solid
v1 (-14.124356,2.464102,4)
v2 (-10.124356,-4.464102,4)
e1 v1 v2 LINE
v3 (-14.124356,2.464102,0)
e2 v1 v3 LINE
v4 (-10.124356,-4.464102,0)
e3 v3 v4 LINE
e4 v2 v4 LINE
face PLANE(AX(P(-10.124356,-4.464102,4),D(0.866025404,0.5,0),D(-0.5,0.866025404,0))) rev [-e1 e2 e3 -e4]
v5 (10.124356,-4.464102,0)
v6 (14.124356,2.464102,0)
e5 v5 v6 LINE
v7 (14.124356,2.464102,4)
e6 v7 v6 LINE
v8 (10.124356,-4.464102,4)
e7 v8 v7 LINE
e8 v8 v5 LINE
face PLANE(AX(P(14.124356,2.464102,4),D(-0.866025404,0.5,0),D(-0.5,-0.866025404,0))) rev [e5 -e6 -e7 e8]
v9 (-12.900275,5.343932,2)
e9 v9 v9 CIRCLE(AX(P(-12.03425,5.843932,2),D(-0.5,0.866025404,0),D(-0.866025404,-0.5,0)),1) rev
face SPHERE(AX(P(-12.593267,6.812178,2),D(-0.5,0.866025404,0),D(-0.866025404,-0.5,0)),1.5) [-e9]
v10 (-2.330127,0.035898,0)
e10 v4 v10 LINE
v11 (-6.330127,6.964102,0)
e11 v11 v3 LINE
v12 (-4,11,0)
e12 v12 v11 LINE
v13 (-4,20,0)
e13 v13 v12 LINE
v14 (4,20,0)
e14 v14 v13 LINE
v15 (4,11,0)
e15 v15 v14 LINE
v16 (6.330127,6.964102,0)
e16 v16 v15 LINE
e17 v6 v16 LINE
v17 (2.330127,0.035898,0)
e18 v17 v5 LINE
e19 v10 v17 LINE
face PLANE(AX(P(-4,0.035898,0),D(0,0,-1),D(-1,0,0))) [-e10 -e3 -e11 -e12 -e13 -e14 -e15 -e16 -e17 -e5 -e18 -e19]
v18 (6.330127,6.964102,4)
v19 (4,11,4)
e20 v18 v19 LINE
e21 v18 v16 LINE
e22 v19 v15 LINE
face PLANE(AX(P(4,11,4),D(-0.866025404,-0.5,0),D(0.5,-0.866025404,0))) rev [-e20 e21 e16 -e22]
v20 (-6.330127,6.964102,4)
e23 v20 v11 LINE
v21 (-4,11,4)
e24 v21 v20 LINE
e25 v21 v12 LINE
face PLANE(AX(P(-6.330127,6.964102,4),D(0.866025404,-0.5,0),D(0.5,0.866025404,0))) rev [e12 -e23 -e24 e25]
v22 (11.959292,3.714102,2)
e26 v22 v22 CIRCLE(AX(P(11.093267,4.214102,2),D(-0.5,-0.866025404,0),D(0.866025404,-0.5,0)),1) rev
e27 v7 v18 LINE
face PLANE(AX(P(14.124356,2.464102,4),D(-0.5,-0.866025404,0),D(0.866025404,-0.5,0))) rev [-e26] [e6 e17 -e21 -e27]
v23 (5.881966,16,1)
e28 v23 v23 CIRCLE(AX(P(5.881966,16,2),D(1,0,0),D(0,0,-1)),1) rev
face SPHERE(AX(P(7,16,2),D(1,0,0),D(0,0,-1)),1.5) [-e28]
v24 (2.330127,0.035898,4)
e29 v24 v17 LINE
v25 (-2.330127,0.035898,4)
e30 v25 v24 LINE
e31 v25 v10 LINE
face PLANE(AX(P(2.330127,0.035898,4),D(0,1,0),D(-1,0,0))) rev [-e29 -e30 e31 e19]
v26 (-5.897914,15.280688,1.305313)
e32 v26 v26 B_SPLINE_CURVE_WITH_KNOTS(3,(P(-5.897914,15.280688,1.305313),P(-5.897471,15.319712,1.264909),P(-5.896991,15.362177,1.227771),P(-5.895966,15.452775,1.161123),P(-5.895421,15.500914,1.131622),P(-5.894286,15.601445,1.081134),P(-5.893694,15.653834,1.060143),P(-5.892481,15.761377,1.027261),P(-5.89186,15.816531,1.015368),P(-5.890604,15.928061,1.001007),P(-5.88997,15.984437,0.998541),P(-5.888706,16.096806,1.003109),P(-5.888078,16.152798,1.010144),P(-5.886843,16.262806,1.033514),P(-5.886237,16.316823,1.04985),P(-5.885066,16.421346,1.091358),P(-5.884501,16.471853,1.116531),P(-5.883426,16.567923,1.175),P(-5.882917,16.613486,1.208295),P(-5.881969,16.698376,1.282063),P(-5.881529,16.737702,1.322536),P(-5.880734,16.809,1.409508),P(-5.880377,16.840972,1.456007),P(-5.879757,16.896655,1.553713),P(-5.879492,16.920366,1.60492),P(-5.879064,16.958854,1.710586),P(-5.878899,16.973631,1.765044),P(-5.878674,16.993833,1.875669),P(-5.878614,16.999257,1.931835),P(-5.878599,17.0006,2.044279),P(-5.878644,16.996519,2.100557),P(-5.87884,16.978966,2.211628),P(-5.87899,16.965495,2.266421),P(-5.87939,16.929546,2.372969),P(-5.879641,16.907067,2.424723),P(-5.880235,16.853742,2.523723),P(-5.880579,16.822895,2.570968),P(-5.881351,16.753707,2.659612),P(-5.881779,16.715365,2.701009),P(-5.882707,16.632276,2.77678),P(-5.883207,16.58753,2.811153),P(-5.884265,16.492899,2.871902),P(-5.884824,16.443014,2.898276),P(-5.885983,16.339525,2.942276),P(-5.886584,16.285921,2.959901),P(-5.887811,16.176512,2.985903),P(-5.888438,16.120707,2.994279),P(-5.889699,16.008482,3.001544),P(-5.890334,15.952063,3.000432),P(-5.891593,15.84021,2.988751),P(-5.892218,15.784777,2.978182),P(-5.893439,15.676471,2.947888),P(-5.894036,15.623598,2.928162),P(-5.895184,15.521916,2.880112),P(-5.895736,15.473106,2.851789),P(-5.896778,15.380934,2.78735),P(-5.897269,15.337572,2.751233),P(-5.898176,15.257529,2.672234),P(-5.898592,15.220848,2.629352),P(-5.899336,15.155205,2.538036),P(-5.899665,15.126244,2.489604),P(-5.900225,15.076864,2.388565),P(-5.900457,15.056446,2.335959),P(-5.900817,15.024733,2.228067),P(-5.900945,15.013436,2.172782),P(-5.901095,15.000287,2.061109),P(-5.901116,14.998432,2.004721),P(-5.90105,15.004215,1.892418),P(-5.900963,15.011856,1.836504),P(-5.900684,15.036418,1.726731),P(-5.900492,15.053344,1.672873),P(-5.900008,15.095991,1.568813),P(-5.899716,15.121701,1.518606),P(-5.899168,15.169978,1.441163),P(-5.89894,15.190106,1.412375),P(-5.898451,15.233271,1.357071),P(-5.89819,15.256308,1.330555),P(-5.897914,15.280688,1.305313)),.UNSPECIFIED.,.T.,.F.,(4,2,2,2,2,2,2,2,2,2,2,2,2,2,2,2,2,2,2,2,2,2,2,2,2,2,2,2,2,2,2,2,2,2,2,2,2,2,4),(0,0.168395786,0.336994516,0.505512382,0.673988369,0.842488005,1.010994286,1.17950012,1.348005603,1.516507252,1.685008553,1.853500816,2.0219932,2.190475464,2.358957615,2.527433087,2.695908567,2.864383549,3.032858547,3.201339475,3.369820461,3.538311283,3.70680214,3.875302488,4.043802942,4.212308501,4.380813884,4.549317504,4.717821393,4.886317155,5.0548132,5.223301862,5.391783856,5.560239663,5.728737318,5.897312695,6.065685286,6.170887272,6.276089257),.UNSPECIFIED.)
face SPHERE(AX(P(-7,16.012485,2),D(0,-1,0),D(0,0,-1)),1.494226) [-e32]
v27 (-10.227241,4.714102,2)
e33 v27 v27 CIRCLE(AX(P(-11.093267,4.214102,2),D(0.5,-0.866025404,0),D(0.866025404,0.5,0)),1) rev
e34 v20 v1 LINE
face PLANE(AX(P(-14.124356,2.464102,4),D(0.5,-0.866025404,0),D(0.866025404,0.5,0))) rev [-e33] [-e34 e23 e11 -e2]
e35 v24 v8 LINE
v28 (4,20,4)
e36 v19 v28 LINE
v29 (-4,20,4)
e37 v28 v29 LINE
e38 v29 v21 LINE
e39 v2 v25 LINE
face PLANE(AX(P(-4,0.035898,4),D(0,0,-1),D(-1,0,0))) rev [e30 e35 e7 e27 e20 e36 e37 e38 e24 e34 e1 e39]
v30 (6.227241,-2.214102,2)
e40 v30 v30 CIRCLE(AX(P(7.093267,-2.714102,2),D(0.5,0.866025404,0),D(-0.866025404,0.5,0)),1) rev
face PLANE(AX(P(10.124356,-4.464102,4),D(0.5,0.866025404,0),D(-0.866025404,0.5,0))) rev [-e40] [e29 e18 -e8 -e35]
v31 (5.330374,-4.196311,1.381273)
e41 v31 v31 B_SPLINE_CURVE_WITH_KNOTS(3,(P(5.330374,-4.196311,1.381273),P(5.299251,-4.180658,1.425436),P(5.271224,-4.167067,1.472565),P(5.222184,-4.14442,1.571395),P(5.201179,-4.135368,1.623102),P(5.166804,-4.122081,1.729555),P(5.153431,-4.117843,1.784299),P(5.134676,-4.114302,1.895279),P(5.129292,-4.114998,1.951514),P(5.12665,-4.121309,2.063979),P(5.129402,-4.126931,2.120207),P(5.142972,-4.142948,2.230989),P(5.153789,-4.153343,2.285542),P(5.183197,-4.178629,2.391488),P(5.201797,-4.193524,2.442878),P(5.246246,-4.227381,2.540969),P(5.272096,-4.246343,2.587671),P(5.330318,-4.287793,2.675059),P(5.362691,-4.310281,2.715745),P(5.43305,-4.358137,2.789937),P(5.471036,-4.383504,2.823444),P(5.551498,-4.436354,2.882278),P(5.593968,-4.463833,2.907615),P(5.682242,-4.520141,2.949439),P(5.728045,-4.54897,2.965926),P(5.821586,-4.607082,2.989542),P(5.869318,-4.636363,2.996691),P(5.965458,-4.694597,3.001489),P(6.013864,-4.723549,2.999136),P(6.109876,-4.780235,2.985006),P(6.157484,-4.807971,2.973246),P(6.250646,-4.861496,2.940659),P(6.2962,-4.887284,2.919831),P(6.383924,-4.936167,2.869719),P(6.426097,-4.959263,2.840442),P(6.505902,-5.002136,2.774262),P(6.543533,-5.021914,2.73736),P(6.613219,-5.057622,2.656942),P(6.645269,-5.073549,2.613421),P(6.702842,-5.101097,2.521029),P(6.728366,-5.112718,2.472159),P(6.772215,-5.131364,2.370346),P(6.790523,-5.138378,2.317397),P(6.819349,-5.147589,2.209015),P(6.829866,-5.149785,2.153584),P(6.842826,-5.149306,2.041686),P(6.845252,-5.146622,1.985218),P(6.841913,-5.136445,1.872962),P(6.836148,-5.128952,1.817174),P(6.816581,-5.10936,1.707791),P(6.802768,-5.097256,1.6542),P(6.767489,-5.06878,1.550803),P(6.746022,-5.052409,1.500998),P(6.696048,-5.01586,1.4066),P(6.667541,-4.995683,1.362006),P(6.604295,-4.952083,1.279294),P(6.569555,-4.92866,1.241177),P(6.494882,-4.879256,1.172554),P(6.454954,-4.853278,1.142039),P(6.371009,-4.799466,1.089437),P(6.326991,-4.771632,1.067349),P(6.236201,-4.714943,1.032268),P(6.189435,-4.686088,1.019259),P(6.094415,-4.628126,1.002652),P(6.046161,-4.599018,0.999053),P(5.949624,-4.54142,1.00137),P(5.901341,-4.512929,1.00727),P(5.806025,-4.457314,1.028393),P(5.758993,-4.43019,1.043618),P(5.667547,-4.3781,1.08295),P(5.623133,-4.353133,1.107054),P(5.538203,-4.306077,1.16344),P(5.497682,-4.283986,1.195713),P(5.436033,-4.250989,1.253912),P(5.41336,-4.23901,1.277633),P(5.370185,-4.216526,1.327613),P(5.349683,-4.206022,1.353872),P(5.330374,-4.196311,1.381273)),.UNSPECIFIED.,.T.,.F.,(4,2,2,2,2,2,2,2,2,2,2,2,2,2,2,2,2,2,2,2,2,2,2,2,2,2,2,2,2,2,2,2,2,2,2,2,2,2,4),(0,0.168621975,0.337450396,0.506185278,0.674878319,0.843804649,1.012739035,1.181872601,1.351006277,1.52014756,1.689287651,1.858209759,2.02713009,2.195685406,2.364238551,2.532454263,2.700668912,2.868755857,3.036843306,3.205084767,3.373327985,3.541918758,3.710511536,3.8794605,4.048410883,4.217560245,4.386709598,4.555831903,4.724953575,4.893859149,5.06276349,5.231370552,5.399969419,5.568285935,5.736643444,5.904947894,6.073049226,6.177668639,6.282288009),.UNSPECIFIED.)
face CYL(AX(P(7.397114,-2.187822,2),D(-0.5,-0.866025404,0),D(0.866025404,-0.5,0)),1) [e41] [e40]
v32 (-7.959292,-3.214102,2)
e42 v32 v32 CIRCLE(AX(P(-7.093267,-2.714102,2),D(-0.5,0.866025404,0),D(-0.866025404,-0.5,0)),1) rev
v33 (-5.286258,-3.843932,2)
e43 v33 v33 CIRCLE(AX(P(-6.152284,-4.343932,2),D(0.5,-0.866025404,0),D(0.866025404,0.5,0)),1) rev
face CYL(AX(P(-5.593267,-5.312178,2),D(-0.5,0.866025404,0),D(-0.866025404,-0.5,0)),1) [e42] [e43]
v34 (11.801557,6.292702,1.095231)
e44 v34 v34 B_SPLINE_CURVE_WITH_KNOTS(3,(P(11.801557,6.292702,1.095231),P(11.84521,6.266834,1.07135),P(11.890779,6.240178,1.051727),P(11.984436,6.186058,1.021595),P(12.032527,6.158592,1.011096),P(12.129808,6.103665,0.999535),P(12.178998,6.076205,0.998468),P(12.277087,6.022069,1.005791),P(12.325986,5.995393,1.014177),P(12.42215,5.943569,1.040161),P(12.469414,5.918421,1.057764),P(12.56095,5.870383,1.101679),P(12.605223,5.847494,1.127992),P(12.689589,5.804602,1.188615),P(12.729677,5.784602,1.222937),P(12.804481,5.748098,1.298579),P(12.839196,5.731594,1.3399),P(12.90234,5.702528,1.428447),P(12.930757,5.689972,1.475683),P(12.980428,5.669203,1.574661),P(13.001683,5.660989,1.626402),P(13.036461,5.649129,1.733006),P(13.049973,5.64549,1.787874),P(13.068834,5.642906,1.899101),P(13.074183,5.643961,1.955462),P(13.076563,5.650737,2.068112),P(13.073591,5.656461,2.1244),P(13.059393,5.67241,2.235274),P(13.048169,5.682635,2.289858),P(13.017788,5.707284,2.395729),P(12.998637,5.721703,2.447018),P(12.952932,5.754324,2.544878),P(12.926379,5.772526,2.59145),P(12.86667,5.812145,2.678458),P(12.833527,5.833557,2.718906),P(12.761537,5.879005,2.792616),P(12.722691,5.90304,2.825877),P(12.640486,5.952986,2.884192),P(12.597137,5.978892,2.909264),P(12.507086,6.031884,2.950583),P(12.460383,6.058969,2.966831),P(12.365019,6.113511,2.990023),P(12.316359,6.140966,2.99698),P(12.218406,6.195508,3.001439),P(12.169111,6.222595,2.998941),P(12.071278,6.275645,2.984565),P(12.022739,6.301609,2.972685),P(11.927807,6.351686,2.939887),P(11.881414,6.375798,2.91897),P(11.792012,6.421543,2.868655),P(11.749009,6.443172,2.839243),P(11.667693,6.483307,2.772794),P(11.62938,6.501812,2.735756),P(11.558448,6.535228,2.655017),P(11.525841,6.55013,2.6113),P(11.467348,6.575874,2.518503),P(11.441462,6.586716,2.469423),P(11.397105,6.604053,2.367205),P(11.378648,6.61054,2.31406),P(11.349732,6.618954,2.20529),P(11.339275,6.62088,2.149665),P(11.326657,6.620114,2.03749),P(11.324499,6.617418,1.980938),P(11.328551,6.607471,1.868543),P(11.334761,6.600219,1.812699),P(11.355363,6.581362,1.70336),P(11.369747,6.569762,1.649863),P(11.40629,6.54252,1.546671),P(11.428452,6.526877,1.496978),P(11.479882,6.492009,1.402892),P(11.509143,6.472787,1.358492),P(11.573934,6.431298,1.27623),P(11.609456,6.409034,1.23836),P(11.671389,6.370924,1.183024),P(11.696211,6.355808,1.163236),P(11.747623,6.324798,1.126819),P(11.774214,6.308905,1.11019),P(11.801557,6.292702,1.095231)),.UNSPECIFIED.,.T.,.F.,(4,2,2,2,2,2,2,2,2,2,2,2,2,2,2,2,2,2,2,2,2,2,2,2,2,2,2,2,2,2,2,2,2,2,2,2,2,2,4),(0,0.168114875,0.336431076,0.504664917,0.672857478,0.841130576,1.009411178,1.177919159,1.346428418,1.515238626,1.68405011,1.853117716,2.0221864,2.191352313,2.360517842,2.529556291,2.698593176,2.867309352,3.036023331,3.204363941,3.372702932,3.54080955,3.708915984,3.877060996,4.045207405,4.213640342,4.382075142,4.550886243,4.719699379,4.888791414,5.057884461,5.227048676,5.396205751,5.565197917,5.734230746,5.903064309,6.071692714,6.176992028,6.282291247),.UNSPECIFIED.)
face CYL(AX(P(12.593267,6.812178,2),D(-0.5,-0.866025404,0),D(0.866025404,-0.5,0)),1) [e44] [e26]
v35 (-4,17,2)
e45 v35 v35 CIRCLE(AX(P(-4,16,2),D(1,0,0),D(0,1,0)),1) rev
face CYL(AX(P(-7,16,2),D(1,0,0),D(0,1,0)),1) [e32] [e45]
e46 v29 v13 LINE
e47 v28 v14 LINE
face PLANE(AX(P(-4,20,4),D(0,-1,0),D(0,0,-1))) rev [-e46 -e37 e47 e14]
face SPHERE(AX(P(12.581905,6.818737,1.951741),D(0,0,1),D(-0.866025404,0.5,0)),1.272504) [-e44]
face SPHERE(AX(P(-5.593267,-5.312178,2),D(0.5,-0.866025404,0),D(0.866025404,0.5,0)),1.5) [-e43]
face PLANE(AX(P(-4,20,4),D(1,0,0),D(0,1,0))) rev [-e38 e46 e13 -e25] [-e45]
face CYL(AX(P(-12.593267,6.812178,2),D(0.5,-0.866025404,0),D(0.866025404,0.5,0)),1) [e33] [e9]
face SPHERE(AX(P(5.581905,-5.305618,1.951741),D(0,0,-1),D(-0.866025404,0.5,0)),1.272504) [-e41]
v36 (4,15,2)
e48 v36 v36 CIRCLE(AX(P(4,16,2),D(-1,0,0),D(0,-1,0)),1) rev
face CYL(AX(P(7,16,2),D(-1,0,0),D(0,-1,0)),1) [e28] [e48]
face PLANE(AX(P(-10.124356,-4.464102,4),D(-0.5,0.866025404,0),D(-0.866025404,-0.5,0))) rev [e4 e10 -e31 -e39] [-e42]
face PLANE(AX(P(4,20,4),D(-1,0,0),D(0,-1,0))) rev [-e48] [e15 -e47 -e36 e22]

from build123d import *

# Parameters (mm, degrees)
BOSS_EXTRUDE1_DEPTH = 4
SKETCH4_R           = 1
BOSS_EXTRUDE2_DEPTH = 3
CIRPATTERN1_COUNT   = 3
BOSS_EXTRUDE3_START = 3
SKETCH8_R           = 1
BOSS_EXTRUDE3_DEPTH = 3
BOSS_EXTRUDE4_START = 3
SKETCH11_R          = 1
BOSS_EXTRUDE4_DEPTH = 3
SKETCH16_R          = 1
BOSS_EXTRUDE6_DEPTH = 3
SKETCH23_R          = 1
BOSS_EXTRUDE8_DEPTH = 3
BOSS_EXTRUDE9_START = 3
SKETCH21_R          = 1
BOSS_EXTRUDE9_DEPTH = 3


with BuildPart() as part:
    # Sketch1 → Boss-Extrude1 (new body)
    with BuildSketch(Plane.XY):
        Polygon((-4, 20), (4, 20), (4, 11), (6.330127019, 6.964101615), (14.124355653, 2.464101615), (10.124355653, -4.464101615), (2.330127019, 0.035898385), (-2.330127019, 0.035898385), (-10.124355653, -4.464101615), (-14.124355653, 2.464101615), (-6.330127019, 6.964101615), (-4, 11), align=None)
    extrude(amount=BOSS_EXTRUDE1_DEPTH)

    # Sketch4 → Boss-Extrude2 (add)
    with BuildSketch(Plane(origin=(-0.598076211, 1.035898385, 0), x_dir=(0.8660254037844431, 0.49999999999999223, 0), z_dir=(0.49999999999999223, -0.8660254037844431, 0))):
        with Locations(Location((-7.5, 2, 0), (0, 0, 180))):
            Circle(SKETCH4_R)
    boss_extrude2 = extrude(amount=BOSS_EXTRUDE2_DEPTH)

    # CirPattern1: Boss-Extrude2 ×3 about axis
    cirpattern1_axis = Axis((0, 0, 0), (0, 0, 1))
    for i in range(1, CIRPATTERN1_COUNT):
        add(boss_extrude2.rotate(cirpattern1_axis, i * 360 / CIRPATTERN1_COUNT))

    # Sketch6 → Revolve1 (revolve)
    with BuildSketch(Plane(origin=(3.5, 6.062177826, 0), x_dir=(0.8660254037844365, -0.5000000000000039, 0), z_dir=(0.5000000000000038, 0.8660254037844364, 0))):
        with BuildLine():
            Line((7.486880827, -0.679237196), (7.486880827, -3.224244757))
            ThreePointArc((7.486880827, -3.224244757), (8.759384608, -1.951740977), (7.486880827, -0.679237196))
        make_face()
    revolve(axis=Axis((9.983828992, 2.318737413, 1001.951740977), (0, 0, -1)))

    # Sketch8 → Boss-Extrude3 (add)
    with BuildSketch(Plane(origin=(0.598076211, 1.035898385, 0), x_dir=(0.8660254037844365, -0.5000000000000039, 0), z_dir=(-0.5000000000000039, -0.8660254037844365, 0)).offset(BOSS_EXTRUDE3_START)):
        with Locations((7.5, 2)):
            Circle(SKETCH8_R)
    extrude(amount=-BOSS_EXTRUDE3_DEPTH)

    # Sketch9 → Revolve2 (revolve)
    with BuildSketch(Plane(origin=(-0.901923789, -1.562177826, 0), x_dir=(0.8660254037844364, -0.500000000000004, 0), z_dir=(-0.500000000000004, -0.8660254037844365, 0))):
        with BuildLine():
            Line((7.486880827, 3.224244757), (7.486880827, 0.679237196))
            ThreePointArc((7.486880827, 0.679237196), (8.759384608, 1.951740977), (7.486880827, 3.224244757))
        make_face()
    revolve(axis=Axis((5.581905203, -5.30561824, -998.048259023), (0, 0, 1)))

    # Sketch10 → Revolve3 (revolve)
    with BuildSketch(Plane(origin=(0.901923789, -1.562177826, 0), x_dir=(0.8660254037844431, 0.4999999999999923, 0), z_dir=(0.49999999999999223, -0.866025403784443, 0))):
        with BuildLine():
            Line((-7.5, 3.5), (-7.5, 0.5))
            ThreePointArc((-7.5, 0.5), (-6, 2), (-7.5, 3.5))
        make_face()
    revolve(axis=Axis((-5.59326674, -5.312177826, -998), (0, 0, 1)))

    # Sketch11 → Boss-Extrude4 (add)
    with BuildSketch(Plane(origin=(-4.598076211, 7.964101615, 0), x_dir=(0.8660254037844433, 0.49999999999999195, 0), z_dir=(-0.49999999999999195, 0.8660254037844433, 0)).offset(BOSS_EXTRUDE4_START)):
        with Locations(Location((-7.5, -2, 0), (0, 0, 180))):
            Circle(SKETCH11_R)
    extrude(amount=-BOSS_EXTRUDE4_DEPTH)

    # Sketch12 → Revolve4 (revolve)
    with BuildSketch(Plane(origin=(-6.098076211, 10.562177826, 0), x_dir=(0.8660254037844434, 0.49999999999999195, 0), z_dir=(-0.49999999999999195, 0.8660254037844434, 0))):
        with BuildLine():
            Line((-7.5, -0.5), (-7.5, -3.5))
            ThreePointArc((-7.5, -3.5), (-6, -2), (-7.5, -0.5))
        make_face()
    revolve(axis=Axis((-12.59326674, 6.812177826, 1002), (0, 0, -1)))

    # Sketch16 → Boss-Extrude6 (add)
    with BuildSketch(Plane(origin=(4.598076211, 7.964101615, 0), x_dir=(0.8660254037844386, -0.5000000000000001, 0), z_dir=(0.5000000000000001, 0.8660254037844386, 0))):
        with Locations(Location((7.5, -2, 0), (0, 0, 141.776738897))):
            Circle(SKETCH16_R)
    extrude(amount=BOSS_EXTRUDE6_DEPTH)

    # Sketch17 → Revolve7 (revolve)
    with BuildSketch(Plane(origin=(6.098076211, 10.562177826, 0), x_dir=(0.8660254037844386, -0.5000000000000001, 0), z_dir=(0.5000000000000001, 0.8660254037844386, 0))):
        with BuildLine():
            Line((7.486880827, -0.679237196), (7.486880827, -3.224244757))
            ThreePointArc((7.486880827, -3.224244757), (8.759384608, -1.951740977), (7.486880827, -0.679237196))
        make_face()
    revolve(axis=Axis((12.581905203, 6.818737413, 1001.951740977), (0, 0, -1)))

    # Sketch23 → Boss-Extrude8 (add)
    with BuildSketch(Plane(origin=(4, 0, 0), x_dir=(0, 0, -1), z_dir=(1, 0, 0))):
        with Locations(Location((-2, 16, 0), (0, 0, 270))):
            Circle(SKETCH23_R)
    extrude(amount=BOSS_EXTRUDE8_DEPTH)

    # Sketch25 → Revolve9 (revolve)
    with BuildSketch(Plane(origin=(7, 0, 0), x_dir=(0, 0, -1), z_dir=(1, 0, 0))):
        with BuildLine():
            Line((-2, 17.5), (-2, 14.5))
            ThreePointArc((-2, 14.5), (-0.5, 16), (-2, 17.5))
        make_face()
    revolve(axis=Axis((7, -984, 2), (0, 1, 0)))

    # Sketch21 → Boss-Extrude9 (add)
    with BuildSketch(Plane.ZY.offset(4).offset(BOSS_EXTRUDE9_START)):
        with Locations(Location((2, 16, 0), (0, 0, 270))):
            Circle(SKETCH21_R)
    extrude(amount=-BOSS_EXTRUDE9_DEPTH)

    # Sketch26 → Revolve10 (revolve)
    with BuildSketch(Plane.ZY.offset(7)):
        with BuildLine():
            Line((2, 17.506711092), (2, 14.518258878))
            ThreePointArc((2, 14.518258878), (3.494226107, 16.012484985), (2, 17.506711092))
        make_face()
    revolve(axis=Axis((-7, -984, 2), (0, 1, 0)))


solid = part.part
